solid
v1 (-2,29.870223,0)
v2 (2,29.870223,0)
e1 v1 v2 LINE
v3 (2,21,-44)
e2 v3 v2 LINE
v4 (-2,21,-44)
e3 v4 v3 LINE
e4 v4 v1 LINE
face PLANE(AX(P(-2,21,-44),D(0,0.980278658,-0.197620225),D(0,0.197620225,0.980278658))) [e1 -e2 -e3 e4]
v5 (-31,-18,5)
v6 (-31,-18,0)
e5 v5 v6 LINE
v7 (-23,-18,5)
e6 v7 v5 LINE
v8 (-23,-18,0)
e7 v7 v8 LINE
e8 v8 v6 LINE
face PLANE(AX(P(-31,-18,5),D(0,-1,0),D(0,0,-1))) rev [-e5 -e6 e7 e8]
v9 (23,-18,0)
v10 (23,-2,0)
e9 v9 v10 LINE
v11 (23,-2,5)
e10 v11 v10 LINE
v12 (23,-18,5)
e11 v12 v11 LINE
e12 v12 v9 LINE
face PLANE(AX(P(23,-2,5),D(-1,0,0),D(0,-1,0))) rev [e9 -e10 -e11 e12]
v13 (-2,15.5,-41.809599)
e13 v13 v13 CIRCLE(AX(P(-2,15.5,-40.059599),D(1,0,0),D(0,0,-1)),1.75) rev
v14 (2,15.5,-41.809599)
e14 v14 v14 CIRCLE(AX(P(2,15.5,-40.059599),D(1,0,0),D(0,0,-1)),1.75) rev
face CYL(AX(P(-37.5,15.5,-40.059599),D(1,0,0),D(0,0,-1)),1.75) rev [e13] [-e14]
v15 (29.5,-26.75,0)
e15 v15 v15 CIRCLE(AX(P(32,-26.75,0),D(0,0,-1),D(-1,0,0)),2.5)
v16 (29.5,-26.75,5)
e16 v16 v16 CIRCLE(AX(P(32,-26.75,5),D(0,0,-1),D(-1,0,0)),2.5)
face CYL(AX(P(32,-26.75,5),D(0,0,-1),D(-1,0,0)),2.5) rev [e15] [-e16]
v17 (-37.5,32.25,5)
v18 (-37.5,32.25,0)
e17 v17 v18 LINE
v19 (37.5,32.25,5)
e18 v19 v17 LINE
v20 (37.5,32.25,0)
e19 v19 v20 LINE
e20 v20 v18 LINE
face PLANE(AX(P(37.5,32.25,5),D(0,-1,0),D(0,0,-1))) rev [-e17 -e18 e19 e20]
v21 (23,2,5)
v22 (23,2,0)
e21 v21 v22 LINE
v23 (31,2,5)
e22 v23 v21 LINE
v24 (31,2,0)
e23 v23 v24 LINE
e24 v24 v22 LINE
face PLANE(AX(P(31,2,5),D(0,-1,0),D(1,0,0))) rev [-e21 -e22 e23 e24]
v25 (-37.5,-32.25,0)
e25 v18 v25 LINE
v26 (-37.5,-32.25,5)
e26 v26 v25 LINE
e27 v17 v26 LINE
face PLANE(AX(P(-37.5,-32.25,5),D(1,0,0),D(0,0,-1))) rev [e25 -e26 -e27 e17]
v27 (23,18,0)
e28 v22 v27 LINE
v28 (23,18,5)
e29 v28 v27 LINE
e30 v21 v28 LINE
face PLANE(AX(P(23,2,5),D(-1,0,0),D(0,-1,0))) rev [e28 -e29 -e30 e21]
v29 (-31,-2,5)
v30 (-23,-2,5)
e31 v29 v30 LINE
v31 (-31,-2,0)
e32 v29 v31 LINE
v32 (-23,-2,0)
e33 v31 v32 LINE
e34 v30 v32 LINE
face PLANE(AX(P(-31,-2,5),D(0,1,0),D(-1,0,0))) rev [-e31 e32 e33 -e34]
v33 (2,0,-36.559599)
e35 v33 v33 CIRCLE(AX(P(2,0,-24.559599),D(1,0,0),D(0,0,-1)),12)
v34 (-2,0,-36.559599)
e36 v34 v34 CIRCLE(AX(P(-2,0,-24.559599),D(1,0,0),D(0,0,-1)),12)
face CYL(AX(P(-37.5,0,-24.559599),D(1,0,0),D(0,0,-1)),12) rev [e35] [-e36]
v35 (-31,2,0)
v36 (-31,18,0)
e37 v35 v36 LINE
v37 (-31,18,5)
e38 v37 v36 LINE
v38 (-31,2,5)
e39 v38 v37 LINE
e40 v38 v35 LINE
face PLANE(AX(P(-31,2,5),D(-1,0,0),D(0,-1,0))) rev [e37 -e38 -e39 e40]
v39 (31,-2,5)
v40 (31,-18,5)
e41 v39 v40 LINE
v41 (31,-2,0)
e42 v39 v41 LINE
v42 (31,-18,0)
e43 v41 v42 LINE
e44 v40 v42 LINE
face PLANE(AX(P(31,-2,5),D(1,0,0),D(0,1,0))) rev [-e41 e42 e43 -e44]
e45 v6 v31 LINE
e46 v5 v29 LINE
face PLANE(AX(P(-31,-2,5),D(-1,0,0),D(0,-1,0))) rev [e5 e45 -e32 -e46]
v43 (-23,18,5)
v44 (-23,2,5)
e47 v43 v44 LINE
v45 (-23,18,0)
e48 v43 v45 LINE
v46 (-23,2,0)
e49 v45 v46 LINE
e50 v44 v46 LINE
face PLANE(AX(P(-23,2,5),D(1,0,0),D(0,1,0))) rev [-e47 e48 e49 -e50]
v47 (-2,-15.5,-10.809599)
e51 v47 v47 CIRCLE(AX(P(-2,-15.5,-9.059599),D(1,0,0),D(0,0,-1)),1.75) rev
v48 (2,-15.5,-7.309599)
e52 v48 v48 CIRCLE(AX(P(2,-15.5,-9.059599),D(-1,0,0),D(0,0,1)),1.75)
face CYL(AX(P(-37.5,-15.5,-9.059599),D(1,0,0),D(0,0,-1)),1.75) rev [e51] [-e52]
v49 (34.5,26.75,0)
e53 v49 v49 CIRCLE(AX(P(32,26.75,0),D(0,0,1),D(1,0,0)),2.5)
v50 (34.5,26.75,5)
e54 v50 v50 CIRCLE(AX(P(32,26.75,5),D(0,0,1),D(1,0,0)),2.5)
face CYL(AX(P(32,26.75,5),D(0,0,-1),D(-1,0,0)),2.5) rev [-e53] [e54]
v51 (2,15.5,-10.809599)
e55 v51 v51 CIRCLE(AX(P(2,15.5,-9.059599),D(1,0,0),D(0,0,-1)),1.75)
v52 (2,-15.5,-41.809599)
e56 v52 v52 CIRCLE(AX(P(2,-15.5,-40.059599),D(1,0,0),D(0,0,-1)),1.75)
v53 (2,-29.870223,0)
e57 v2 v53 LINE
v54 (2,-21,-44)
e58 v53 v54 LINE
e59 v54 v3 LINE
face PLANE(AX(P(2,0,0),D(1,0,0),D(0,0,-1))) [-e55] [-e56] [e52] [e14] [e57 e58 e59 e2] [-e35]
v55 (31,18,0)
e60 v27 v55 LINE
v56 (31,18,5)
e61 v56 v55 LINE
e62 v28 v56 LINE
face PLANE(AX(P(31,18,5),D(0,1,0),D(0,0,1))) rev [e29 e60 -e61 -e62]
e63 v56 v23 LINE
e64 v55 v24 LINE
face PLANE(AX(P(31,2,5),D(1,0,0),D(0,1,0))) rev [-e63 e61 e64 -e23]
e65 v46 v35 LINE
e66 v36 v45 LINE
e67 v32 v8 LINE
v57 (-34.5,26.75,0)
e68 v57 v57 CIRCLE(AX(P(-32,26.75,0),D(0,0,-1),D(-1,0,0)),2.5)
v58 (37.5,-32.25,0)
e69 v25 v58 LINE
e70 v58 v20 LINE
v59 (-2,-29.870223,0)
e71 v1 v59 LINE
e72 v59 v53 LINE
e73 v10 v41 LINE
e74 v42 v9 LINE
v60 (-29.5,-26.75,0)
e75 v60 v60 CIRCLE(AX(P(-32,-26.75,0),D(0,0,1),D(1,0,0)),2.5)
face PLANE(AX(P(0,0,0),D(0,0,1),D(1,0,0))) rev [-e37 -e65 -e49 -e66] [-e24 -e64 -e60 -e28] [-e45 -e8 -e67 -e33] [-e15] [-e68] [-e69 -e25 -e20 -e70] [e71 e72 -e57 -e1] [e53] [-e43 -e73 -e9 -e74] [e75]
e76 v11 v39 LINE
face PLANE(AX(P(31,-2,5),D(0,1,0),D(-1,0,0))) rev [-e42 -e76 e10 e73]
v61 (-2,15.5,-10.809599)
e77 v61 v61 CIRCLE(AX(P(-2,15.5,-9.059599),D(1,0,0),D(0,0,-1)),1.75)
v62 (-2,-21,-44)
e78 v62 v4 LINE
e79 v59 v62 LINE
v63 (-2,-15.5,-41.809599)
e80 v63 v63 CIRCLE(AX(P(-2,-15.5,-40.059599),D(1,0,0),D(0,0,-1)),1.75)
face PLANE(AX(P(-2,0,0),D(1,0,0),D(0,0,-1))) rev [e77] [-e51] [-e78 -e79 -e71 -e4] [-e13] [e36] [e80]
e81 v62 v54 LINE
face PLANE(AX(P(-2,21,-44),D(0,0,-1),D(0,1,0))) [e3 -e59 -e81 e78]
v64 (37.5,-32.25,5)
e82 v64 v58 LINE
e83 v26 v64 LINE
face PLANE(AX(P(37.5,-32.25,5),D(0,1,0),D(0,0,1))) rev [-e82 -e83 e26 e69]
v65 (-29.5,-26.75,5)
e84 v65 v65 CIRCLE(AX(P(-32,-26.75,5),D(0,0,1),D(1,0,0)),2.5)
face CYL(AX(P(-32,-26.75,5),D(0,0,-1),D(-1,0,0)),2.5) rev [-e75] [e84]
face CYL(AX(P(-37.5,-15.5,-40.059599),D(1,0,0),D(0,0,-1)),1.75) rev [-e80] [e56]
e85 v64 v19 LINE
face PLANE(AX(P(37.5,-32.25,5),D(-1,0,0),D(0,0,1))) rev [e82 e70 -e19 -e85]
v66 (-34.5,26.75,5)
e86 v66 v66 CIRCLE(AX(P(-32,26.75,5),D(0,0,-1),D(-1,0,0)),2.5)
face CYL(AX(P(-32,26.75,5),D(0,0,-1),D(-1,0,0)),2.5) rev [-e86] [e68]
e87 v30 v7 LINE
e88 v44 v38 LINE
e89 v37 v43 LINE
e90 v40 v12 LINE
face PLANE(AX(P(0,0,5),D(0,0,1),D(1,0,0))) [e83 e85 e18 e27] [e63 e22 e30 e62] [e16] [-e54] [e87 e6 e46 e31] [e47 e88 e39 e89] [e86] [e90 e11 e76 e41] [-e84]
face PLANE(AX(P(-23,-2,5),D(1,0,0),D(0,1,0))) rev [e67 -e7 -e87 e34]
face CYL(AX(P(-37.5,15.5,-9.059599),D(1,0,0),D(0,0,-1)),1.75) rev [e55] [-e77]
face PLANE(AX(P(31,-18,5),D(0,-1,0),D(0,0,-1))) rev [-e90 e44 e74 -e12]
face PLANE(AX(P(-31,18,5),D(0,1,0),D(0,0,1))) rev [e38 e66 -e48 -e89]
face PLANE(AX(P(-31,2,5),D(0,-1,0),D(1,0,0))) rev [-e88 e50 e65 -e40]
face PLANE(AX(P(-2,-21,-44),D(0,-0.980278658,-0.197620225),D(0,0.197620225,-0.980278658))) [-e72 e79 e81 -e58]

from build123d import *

# Parameters (mm, degrees)
SKETCH_1_W           = 75
SKETCH_1_H           = 64.5
EXTRUDE_1_DEPTH      = 5
EXTRUDE_2_DEPTH      = 2
EXTRUDE_2_DEPTH_BACK = 2
SKETCH_3_R           = 12
SKETCH_3_R_2         = 1.75
CUT_EXTRUDE_1_DEPTH  = 68.352152898
SKETCH_4_R           = 2.5
CUT_EXTRUDE_2_DEPTH  = 67.199037002
SKETCH_5_W           = 8
SKETCH_5_H           = 16
CUT_EXTRUDE_3_DEPTH  = 67.199037002


with BuildPart() as part:
    # 草圖1 → 填料-伸長1 (new body)
    with BuildSketch(Plane.XY):
        Rectangle(SKETCH_1_W, SKETCH_1_H)
    extrude(amount=EXTRUDE_1_DEPTH)

    # 草圖2 → 填料-伸長2 (add, two sides: drawn at the far end of the back side and taken through both)
    with BuildSketch(Plane(origin=(0, 0, 0), x_dir=(0, 0, -1), z_dir=(1, 0, 0)).offset(-EXTRUDE_2_DEPTH_BACK)):
        Polygon((0, 29.870222578), (0, 0), (0, -29.870222578), (44, -21), (44, 21), align=None)
    extrude(amount=EXTRUDE_2_DEPTH + EXTRUDE_2_DEPTH_BACK)

    # 草圖3 → 除料-伸長1 (cut, through all)
    with BuildSketch(Plane(origin=(2, 0, 0), x_dir=(0, 0, -1), z_dir=(1, 0, 0))):
        with Locations((24.559599052, 0)):
            Circle(SKETCH_3_R)
        with Locations((9.059599052, 15.5)):
            Circle(SKETCH_3_R_2)
        with Locations((40.059599052, 15.5)):
            Circle(SKETCH_3_R_2)
        with Locations((40.059599052, -15.5)):
            Circle(SKETCH_3_R_2)
        with Locations((9.059599052, -15.5)):
            Circle(SKETCH_3_R_2)
    extrude(amount=-CUT_EXTRUDE_1_DEPTH, mode=Mode.SUBTRACT)

    # 草圖4 → 除料-伸長2 (cut, through all)
    with BuildSketch(Plane(origin=(0, 0, 0), x_dir=(-1, 0, 0), z_dir=(0, 0, -1))):
        with Locations((32, 26.75)):
            Circle(SKETCH_4_R)
        with Locations(Location((32, -26.75, 0), (0, 0, 180))):
            Circle(SKETCH_4_R)
        with Locations((-32, -26.75)):
            Circle(SKETCH_4_R)
        with Locations(Location((-32, 26.75, 0), (0, 0, 180))):
            Circle(SKETCH_4_R)
    extrude(amount=-CUT_EXTRUDE_2_DEPTH, mode=Mode.SUBTRACT)

    # 草圖5 → 除料-伸長3 (cut, through all)
    with BuildSketch(Plane(origin=(0, 0, 0), x_dir=(-1, 0, 0), z_dir=(0, 0, -1))):
        with Locations((-27, 10)):
            Rectangle(SKETCH_5_W, SKETCH_5_H)
        with Locations((-27, -10)):
            Rectangle(SKETCH_5_W, SKETCH_5_H)
        with Locations((27, -10)):
            Rectangle(SKETCH_5_W, SKETCH_5_H)
        with Locations((27, 10)):
            Rectangle(SKETCH_5_W, SKETCH_5_H)
    extrude(amount=-CUT_EXTRUDE_3_DEPTH, mode=Mode.SUBTRACT)


solid = part.part
